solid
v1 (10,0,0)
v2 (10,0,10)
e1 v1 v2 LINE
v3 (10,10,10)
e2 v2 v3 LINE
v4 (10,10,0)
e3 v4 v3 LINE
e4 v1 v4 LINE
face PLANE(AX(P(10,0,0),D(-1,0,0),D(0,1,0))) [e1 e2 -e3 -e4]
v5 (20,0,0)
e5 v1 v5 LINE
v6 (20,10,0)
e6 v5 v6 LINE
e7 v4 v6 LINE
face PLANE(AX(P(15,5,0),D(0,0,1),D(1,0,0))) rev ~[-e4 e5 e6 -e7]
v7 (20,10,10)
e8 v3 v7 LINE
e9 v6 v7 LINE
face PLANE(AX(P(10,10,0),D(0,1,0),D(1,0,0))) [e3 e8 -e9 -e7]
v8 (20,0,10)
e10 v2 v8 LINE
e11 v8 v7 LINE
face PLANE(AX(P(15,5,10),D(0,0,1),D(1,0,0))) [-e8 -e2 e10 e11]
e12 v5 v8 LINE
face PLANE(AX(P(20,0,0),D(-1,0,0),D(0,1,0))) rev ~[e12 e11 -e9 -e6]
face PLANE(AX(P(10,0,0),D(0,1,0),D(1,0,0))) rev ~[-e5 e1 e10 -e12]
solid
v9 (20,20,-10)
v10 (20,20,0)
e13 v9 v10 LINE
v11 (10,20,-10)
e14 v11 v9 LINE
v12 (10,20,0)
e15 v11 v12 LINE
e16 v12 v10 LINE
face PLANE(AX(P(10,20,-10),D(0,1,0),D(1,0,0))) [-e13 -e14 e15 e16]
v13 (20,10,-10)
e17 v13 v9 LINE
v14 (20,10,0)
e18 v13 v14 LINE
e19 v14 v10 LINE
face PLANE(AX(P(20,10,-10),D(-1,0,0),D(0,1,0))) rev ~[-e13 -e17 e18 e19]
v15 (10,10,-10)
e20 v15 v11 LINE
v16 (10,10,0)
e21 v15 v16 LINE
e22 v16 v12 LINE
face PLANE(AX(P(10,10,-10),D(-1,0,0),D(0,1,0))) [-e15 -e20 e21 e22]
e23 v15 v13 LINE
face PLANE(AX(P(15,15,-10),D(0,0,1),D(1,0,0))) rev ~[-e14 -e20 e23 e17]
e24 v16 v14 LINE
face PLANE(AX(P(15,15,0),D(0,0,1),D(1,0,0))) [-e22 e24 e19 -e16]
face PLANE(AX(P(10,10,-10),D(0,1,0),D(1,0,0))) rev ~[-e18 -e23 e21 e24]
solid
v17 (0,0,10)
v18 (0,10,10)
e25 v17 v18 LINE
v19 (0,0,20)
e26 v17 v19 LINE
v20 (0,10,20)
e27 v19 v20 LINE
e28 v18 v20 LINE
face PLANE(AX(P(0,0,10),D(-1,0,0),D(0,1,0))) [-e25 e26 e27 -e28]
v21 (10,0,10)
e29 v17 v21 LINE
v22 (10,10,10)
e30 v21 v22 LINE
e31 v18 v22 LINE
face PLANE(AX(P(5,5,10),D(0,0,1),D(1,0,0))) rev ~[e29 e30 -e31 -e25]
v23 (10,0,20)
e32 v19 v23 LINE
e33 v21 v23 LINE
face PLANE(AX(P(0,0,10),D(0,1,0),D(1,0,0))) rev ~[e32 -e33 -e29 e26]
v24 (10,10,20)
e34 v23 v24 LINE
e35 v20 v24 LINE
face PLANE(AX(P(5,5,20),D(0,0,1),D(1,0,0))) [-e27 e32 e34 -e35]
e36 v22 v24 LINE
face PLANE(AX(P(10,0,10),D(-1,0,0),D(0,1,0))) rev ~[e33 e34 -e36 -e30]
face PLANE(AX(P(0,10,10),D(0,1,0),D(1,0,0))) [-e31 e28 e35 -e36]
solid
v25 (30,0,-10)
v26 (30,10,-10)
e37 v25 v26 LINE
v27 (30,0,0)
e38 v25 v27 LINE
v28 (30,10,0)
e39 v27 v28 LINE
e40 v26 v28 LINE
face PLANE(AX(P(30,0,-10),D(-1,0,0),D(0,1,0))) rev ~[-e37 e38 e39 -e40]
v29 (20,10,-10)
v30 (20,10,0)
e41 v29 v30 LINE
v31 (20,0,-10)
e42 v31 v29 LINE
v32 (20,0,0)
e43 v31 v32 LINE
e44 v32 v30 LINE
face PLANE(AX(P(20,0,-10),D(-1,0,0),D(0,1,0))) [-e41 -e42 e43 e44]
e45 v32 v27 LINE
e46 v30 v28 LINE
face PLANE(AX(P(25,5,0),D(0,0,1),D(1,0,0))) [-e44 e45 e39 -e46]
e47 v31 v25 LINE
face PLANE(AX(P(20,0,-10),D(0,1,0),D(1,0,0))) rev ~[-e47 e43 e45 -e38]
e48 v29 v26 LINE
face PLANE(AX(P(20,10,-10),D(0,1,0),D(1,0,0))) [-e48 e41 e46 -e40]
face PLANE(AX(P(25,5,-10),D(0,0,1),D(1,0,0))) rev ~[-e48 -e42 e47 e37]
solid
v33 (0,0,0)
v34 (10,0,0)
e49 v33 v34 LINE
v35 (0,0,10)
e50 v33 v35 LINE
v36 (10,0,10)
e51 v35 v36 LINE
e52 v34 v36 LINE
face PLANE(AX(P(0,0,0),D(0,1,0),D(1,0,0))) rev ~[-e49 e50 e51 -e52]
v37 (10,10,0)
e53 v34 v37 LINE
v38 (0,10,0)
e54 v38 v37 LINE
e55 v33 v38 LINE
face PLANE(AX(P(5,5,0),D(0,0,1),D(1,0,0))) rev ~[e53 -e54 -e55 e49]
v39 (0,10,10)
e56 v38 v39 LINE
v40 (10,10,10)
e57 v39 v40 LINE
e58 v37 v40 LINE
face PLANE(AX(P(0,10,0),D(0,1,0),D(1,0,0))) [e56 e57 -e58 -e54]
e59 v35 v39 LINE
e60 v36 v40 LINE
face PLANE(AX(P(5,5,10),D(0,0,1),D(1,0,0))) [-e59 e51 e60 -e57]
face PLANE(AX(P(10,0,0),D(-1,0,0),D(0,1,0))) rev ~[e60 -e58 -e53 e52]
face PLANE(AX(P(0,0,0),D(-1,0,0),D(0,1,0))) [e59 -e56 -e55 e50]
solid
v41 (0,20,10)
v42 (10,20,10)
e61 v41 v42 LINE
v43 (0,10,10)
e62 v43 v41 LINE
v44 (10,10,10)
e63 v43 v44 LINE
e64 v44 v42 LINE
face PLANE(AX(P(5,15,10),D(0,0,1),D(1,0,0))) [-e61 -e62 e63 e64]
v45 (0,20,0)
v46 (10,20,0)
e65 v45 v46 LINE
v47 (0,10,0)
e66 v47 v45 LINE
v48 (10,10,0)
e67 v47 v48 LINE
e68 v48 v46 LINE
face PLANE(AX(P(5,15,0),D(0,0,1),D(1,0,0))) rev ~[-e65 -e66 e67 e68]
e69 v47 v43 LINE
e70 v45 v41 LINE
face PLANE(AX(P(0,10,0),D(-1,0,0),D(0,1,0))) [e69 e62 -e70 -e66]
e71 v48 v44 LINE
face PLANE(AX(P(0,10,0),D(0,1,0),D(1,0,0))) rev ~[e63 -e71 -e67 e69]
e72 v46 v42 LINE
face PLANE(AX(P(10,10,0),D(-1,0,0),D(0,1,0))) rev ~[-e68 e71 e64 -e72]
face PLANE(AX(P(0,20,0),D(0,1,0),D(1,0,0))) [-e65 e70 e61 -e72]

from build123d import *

# Parameters (mm, degrees)
BOX_W        = 10
BOX_H        = 10
BOX_DEPTH    = 10
BOX001_W     = 10
BOX001_H     = 10
BOX001_DEPTH = 10
BOX002_W     = 10
BOX002_H     = 10
BOX002_DEPTH = 10
BOX003_W     = 10
BOX003_H     = 10
BOX003_DEPTH = 10
BOX004_W     = 10
BOX004_H     = 10
BOX004_DEPTH = 10
BOX005_W     = 10
BOX005_H     = 10
BOX005_DEPTH = 10


with BuildPart() as box:
    # Box → Box (new body)
    with BuildSketch(Plane.XY.offset(10)):
        with Locations((5, 5)):
            Rectangle(BOX_W, BOX_H)
    extrude(amount=BOX_DEPTH)


with BuildPart() as box001:
    # Box001 → Box001 (new body)
    with BuildSketch(Plane(origin=(0, 10, 0), x_dir=(1, 0, 0), z_dir=(0, 0, 1))):
        with Locations((5, 5)):
            Rectangle(BOX001_W, BOX001_H)
    extrude(amount=BOX001_DEPTH)


with BuildPart() as box002:
    # Box002 → Box002 (new body)
    with BuildSketch(Plane(origin=(10, 0, 0), x_dir=(1, 0, 0), z_dir=(0, 0, 1))):
        with Locations((5, 5)):
            Rectangle(BOX002_W, BOX002_H)
    extrude(amount=BOX002_DEPTH)


with BuildPart() as box003:
    # Box003 → Box003 (new body)
    with BuildSketch(Plane(origin=(20, 0, -10), x_dir=(1, 0, 0), z_dir=(0, 0, 1))):
        with Locations((5, 5)):
            Rectangle(BOX003_W, BOX003_H)
    extrude(amount=BOX003_DEPTH)


with BuildPart() as box004:
    # Box004 → Box004 (new body)
    with BuildSketch(Plane(origin=(10, 10, -10), x_dir=(1, 0, 0), z_dir=(0, 0, 1))):
        with Locations((5, 5)):
            Rectangle(BOX004_W, BOX004_H)
    extrude(amount=BOX004_DEPTH)


with BuildPart() as box005:
    # Box005 → Box005 (new body)
    with BuildSketch(Plane.XY):
        with Locations((5, 5)):
            Rectangle(BOX005_W, BOX005_H)
    extrude(amount=BOX005_DEPTH)


solid = Compound([box.part, box001.part, box002.part, box003.part, box004.part, box005.part])
